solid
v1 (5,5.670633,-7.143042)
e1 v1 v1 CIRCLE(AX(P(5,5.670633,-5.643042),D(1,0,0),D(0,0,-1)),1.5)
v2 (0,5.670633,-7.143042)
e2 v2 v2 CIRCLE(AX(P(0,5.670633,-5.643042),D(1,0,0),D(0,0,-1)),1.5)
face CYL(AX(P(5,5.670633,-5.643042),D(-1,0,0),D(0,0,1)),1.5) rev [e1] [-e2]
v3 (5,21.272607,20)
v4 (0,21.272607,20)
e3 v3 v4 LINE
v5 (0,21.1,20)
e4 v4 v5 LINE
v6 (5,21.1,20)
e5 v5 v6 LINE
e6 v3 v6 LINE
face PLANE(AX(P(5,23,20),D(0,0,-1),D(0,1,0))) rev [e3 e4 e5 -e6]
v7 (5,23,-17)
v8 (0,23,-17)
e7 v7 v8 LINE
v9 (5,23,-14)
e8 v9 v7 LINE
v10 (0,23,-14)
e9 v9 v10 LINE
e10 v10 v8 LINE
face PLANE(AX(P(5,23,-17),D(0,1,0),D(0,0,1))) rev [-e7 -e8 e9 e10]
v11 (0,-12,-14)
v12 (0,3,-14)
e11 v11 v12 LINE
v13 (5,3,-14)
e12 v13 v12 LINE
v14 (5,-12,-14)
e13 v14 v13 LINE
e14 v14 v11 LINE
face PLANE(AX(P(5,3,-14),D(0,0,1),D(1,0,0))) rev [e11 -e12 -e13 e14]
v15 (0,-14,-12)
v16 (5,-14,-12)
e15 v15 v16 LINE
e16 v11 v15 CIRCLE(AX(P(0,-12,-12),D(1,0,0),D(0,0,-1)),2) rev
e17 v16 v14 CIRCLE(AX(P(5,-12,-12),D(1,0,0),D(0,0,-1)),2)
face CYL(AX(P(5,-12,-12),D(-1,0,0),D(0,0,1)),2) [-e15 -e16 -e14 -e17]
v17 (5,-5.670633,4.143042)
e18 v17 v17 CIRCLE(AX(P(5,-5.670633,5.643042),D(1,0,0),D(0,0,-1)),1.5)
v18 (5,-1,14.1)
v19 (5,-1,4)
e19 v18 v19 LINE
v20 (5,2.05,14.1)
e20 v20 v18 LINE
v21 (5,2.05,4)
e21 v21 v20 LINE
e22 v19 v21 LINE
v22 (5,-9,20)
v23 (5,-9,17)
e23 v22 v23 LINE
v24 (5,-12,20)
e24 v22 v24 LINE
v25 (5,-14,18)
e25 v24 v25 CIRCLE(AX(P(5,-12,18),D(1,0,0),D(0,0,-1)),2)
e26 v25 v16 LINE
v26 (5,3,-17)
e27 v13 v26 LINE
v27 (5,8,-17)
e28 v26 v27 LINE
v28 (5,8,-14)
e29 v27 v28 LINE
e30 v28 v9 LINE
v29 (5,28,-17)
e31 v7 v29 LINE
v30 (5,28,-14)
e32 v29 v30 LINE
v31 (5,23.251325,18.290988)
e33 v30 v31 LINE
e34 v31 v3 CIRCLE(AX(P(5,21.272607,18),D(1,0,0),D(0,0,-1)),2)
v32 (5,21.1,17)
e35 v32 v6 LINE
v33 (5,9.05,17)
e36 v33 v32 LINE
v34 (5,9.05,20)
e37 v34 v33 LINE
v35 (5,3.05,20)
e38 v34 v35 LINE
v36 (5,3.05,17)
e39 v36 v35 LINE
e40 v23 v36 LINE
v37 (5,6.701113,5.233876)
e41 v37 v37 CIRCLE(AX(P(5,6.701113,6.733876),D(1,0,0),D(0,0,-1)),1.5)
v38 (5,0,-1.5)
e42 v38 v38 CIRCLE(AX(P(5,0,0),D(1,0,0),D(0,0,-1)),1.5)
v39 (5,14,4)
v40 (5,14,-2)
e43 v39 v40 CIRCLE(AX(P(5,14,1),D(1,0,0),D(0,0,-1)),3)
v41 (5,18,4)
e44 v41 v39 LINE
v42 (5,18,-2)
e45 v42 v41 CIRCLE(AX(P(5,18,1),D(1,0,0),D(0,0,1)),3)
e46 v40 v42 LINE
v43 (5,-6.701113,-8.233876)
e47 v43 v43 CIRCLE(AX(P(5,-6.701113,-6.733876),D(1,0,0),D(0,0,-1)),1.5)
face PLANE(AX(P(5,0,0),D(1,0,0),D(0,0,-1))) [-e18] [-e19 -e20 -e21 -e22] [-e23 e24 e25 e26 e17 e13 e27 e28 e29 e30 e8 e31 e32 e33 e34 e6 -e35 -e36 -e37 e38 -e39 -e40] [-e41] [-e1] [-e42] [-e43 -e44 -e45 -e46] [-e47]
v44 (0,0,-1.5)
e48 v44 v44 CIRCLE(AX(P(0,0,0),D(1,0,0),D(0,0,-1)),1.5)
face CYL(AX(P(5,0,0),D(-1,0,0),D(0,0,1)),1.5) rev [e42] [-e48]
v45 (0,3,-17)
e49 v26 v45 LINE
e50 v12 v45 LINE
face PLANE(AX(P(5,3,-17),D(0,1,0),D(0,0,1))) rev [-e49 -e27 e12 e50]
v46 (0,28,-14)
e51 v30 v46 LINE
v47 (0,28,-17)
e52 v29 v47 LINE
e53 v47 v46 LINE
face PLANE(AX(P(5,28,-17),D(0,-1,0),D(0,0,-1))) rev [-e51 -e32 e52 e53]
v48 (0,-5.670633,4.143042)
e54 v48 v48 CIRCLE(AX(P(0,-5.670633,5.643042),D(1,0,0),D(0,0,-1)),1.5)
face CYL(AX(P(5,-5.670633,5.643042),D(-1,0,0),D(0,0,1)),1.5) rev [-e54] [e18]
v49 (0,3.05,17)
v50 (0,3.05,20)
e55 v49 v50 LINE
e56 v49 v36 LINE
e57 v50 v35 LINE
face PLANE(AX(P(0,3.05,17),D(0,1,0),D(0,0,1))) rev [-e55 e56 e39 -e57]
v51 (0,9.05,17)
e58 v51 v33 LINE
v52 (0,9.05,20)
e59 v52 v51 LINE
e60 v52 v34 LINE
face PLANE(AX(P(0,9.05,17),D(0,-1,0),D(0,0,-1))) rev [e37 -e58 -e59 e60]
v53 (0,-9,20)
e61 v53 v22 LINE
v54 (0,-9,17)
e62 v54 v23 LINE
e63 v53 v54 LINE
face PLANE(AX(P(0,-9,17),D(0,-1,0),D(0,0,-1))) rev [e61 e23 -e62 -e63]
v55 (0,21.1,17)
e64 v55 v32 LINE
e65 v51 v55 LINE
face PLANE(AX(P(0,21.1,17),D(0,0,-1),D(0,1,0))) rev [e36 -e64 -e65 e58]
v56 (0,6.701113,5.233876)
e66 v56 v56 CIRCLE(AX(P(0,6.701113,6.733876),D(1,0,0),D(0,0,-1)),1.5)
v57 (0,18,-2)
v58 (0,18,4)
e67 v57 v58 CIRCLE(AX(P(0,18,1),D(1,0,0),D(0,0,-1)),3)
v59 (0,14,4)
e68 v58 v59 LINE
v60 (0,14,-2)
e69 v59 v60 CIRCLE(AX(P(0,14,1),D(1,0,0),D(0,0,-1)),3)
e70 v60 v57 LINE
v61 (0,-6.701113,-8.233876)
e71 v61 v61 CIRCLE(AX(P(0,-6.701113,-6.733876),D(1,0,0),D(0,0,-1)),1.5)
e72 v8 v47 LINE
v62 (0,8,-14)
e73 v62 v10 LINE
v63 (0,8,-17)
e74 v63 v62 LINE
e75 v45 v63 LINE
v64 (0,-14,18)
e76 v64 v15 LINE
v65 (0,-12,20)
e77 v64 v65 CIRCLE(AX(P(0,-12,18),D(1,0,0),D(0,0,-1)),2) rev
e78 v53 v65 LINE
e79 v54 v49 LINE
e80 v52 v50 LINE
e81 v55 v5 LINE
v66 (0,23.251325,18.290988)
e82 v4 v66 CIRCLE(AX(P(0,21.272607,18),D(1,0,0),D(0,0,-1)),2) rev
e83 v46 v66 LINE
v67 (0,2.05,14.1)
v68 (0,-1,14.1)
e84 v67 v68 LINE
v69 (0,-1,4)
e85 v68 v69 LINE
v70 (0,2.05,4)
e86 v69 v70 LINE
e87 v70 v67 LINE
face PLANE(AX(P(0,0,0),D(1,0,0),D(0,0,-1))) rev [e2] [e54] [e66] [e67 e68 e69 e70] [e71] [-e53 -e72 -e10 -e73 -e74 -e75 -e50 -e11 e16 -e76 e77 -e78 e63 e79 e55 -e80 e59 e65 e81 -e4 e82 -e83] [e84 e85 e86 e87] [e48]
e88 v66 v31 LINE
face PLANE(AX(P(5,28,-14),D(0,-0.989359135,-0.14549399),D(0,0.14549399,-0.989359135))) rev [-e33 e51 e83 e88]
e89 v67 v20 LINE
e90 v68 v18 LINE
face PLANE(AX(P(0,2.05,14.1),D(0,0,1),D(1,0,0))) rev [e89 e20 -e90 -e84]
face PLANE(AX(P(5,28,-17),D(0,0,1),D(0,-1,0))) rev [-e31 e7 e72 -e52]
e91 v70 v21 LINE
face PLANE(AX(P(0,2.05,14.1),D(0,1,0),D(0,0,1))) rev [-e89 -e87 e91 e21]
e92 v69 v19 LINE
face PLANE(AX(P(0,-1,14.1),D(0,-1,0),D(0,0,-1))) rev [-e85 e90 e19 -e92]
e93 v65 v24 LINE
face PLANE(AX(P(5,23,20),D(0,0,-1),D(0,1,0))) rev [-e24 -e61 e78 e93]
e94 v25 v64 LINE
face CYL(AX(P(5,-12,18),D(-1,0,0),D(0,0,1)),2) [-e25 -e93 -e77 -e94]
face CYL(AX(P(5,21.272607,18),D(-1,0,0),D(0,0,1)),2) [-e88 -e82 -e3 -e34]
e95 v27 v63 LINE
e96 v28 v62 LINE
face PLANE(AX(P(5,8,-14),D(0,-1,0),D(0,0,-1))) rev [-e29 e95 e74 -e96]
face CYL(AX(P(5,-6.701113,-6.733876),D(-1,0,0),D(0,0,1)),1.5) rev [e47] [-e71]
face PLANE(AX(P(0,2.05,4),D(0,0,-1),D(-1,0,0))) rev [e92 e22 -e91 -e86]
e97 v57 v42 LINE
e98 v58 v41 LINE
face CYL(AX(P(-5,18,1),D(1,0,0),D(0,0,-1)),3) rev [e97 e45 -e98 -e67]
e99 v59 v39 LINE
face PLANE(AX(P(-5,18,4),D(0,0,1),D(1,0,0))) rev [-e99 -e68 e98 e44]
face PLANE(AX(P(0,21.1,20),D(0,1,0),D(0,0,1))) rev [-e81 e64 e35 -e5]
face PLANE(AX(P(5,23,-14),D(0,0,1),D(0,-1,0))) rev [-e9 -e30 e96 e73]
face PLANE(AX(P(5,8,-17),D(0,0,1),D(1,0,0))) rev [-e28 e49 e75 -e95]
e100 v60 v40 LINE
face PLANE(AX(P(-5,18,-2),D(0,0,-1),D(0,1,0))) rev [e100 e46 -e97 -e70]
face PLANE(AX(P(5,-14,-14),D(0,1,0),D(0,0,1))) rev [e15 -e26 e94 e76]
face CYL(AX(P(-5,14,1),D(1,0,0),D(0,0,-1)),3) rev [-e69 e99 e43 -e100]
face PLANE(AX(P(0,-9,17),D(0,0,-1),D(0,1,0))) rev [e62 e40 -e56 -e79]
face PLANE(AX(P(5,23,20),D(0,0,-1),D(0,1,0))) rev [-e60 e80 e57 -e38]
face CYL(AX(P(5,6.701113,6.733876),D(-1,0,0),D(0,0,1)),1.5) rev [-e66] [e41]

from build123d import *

# Parameters (mm, degrees)
SKETCH1_R           = 1.5
BOSS_EXTRUDE1_DEPTH = 5
SKETCH2_W           = 3
SKETCH2_H           = 12.05
SKETCH2_W_2         = 10.1
SKETCH2_H_2         = 3.05
CUT_EXTRUDE1_DEPTH  = 35.770677301
CUT_EXTRUDE3_DEPTH  = 10
FILLET1_R           = 2


with BuildPart() as part:
    # Sketch1 → Boss-Extrude1 (new body)
    with BuildSketch(Plane(origin=(0, 0, 0), x_dir=(0, 0, -1), z_dir=(1, 0, 0))):
        Polygon((17, 28), (17, 23), (14, 23), (14, 8), (17, 8), (17, 3), (14, 3), (14, -14), (-20, -14), (-20, 23), (14, 28), align=None)
        with Locations((-6.733876165, 6.701112728)):
            Circle(SKETCH1_R, mode=Mode.SUBTRACT)
        with Locations((-5.643042298, -5.67063256)):
            Circle(SKETCH1_R, mode=Mode.SUBTRACT)
        with Locations((6.733876165, -6.701112728)):
            Circle(SKETCH1_R, mode=Mode.SUBTRACT)
        with Locations((5.643042298, 5.67063256)):
            Circle(SKETCH1_R, mode=Mode.SUBTRACT)
        Circle(SKETCH1_R, mode=Mode.SUBTRACT)
    extrude(amount=BOSS_EXTRUDE1_DEPTH)

    # Sketch2 → Cut-Extrude1 (cut, through all)
    with BuildSketch(Plane(origin=(5, 0, 0), x_dir=(0, 0, -1), z_dir=(1, 0, 0))):
        with Locations((-18.5, 15.075)):
            Rectangle(SKETCH2_W, SKETCH2_H)
        with Locations((-9.05, 0.525)):
            Rectangle(SKETCH2_W_2, SKETCH2_H_2)
        with Locations((-18.5, -2.975)):
            Rectangle(SKETCH2_W, SKETCH2_H)
    extrude(amount=-CUT_EXTRUDE1_DEPTH, mode=Mode.SUBTRACT)

    # Sketch4 → Cut-Extrude3 (cut)
    with BuildSketch(Plane(origin=(5, 0, 0), x_dir=(0, 0, -1), z_dir=(1, 0, 0))):
        with BuildLine():
            Line((-4, 18), (-4, 14))
            ThreePointArc((-4, 14), (-1, 11), (2, 14))
            Line((2, 14), (2, 18))
            ThreePointArc((2, 18), (-1, 21), (-4, 18))
        make_face()
    extrude(amount=-CUT_EXTRUDE3_DEPTH, mode=Mode.SUBTRACT)

    # Fillet1
    fillet1_edges = [part.edges().sort_by_distance(p)[0] for p in [
        (2.5, -14, -14),
        (2.5, -14, 20),
        (2.5, 23, 20),
    ]]
    fillet(fillet1_edges, radius=FILLET1_R)


solid = part.part
